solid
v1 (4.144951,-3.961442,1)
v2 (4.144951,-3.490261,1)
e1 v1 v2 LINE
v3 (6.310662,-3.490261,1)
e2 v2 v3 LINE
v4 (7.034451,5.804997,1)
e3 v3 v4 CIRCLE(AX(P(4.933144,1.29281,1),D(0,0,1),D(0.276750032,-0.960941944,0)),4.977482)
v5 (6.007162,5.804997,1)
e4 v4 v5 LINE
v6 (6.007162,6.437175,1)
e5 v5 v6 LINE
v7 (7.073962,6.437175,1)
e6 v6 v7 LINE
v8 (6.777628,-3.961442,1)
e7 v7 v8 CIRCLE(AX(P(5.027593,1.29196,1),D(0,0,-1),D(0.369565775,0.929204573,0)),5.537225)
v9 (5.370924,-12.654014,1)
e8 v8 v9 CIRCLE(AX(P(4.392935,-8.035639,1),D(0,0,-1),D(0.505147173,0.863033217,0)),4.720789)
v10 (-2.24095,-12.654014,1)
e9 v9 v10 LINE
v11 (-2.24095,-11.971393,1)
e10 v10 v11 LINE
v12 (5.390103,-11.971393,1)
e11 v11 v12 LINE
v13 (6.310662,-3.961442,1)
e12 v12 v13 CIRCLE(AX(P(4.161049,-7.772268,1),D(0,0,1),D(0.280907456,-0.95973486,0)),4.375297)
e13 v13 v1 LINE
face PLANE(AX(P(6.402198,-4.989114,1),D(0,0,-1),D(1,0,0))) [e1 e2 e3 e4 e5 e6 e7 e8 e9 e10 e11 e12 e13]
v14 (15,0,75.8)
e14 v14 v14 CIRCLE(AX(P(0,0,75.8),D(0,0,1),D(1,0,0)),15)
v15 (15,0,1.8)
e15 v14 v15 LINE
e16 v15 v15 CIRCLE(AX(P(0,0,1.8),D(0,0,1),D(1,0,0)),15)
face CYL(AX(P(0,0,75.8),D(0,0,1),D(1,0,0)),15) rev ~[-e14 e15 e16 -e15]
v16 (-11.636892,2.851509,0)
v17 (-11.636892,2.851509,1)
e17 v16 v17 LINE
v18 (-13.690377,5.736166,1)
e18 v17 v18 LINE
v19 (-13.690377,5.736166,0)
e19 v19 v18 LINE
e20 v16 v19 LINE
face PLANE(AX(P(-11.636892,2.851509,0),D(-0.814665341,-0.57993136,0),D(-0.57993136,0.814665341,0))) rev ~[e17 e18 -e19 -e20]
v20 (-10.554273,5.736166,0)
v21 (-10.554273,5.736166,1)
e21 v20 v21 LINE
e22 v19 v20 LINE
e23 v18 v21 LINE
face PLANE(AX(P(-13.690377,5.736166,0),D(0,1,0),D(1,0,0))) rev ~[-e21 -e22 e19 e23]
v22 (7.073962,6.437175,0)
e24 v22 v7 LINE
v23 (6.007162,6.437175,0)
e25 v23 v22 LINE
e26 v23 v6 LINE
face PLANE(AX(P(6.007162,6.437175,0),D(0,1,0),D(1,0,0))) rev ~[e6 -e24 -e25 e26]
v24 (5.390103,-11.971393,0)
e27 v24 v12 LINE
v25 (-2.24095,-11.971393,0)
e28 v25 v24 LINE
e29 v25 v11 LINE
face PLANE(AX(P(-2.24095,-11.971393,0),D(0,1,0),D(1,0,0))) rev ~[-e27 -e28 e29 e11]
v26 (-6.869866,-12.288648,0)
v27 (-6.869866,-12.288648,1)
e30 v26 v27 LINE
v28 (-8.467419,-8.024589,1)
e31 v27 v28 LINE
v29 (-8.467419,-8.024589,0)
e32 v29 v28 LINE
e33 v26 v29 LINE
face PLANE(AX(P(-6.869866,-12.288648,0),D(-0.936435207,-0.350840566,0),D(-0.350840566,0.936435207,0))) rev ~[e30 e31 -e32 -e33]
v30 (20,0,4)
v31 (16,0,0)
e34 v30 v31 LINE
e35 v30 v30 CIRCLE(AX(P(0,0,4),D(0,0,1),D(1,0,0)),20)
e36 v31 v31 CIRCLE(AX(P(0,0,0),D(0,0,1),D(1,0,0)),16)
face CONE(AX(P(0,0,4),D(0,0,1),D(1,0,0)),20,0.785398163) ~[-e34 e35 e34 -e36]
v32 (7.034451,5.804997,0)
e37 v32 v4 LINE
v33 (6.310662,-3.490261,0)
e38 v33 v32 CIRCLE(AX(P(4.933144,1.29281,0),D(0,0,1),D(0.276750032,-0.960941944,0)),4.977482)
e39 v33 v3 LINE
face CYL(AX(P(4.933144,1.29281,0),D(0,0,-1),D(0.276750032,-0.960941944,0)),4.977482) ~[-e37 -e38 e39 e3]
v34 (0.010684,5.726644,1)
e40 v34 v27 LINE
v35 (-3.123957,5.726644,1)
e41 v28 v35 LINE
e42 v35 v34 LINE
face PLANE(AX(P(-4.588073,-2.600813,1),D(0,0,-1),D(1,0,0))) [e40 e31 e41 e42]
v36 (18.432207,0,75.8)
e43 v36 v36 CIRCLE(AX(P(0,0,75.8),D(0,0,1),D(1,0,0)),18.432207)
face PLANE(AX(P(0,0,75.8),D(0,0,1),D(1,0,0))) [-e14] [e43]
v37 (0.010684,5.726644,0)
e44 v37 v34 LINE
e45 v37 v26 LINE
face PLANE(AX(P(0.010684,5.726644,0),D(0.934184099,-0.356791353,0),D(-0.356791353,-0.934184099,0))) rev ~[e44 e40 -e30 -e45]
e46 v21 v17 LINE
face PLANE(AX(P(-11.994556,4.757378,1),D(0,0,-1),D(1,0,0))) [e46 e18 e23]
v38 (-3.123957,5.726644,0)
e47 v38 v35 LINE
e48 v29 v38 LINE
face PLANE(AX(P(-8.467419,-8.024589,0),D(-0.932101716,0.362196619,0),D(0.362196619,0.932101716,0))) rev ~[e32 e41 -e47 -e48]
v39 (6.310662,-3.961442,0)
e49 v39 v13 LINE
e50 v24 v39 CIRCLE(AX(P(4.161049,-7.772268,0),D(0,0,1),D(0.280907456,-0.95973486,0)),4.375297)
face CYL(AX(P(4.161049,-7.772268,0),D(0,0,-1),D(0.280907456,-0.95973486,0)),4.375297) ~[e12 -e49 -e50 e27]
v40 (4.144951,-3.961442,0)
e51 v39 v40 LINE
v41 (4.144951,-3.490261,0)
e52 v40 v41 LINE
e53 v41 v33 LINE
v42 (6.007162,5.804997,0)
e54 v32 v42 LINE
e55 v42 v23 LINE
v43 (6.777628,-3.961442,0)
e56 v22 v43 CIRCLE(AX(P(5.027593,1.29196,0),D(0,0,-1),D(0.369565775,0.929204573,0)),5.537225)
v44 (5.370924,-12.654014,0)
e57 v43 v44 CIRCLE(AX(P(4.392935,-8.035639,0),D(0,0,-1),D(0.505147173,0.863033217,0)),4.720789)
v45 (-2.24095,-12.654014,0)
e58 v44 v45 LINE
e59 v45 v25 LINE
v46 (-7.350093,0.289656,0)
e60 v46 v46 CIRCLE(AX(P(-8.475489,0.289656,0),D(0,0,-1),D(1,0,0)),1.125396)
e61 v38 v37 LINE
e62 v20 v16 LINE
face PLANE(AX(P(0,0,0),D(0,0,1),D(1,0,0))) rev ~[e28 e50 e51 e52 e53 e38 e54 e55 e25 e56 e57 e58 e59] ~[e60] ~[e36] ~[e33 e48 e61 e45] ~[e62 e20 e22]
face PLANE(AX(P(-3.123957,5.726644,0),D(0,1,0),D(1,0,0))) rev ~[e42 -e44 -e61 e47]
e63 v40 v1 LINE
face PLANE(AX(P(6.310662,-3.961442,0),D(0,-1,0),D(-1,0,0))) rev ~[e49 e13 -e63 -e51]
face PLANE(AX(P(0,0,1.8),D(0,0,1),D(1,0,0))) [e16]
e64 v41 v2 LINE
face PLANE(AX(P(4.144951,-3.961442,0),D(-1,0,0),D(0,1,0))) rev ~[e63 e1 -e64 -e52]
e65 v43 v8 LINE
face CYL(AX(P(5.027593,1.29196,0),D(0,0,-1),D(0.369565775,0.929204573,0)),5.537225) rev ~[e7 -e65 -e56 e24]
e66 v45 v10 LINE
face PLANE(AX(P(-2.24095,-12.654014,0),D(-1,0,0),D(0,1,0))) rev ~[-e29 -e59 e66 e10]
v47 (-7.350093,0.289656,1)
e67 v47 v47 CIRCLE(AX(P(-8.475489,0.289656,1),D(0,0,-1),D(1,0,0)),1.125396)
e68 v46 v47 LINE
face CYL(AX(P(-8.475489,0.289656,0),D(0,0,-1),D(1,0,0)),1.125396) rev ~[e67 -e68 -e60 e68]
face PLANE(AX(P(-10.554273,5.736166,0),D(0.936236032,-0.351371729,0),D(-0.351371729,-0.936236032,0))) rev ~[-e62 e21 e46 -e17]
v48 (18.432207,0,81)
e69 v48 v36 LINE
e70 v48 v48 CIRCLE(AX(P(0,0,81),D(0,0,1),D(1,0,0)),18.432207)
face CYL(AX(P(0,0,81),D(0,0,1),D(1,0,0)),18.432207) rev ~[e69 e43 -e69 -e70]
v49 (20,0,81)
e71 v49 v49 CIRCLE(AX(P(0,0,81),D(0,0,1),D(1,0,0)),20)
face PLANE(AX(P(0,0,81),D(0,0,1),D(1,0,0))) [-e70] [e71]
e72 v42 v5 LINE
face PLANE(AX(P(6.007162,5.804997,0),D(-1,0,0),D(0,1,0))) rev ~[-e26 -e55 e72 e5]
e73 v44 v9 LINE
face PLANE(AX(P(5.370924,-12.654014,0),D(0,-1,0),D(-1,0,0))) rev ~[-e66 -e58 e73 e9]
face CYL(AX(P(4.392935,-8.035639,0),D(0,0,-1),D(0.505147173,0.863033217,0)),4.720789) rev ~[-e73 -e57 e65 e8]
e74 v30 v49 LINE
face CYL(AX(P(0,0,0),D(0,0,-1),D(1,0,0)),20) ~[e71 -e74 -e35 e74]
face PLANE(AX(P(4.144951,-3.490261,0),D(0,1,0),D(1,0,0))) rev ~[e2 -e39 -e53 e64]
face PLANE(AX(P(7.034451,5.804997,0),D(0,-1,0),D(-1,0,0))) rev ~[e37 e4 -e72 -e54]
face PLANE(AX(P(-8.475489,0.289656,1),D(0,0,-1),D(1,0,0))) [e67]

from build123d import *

# Parameters (mm, degrees)
F0_R      = 20
F1_DEPTH  = 81
F2_R      = 18.432207
F3_DEPTH  = 5.2
F4_R      = 15
F5_DEPTH  = 74
F6_SIZE   = 4
F7_R      = 1.125396
F8_DEPTH  = 1
F10_DEPTH = 1


with BuildPart() as f1:
    # F0 (on Top) → F1 (new body)
    with BuildSketch(Plane.XY):
        Circle(F0_R)
    extrude(amount=F1_DEPTH)

    # F2 (on face) → F3 (cut)
    with BuildSketch(Plane.XY.offset(81)):
        Circle(F2_R)
    extrude(amount=-F3_DEPTH, mode=Mode.SUBTRACT)

    # F4 (on face) → F5 (cut)
    with BuildSketch(Plane.XY.offset(75.8)):
        Circle(F4_R)
    extrude(amount=-F5_DEPTH, mode=Mode.SUBTRACT)

    # F6
    f6_edges = [f1.edges().sort_by_distance(p)[0] for p in [
        (-20, 0, 0),
    ]]
    chamfer(f6_edges, length=F6_SIZE)

    # F7 (on face) → F8 (cut)
    with BuildSketch(Plane(origin=(0, 0, 0), x_dir=(1, 0, 0), z_dir=(0, 0, -1))):
        Polygon((-6.869866, 12.288648), (-8.467419, 8.024589), (-3.123957, -5.726644), (0.010684, -5.726644), align=None)
        with Locations((-8.475489, -0.289656)):
            Circle(F7_R)
        Polygon((-11.636892, -2.851509), (-13.690377, -5.736166), (-10.554273, -5.736166), align=None)
    extrude(amount=-F8_DEPTH, mode=Mode.SUBTRACT)

    # F9 (on face) → F10 (cut)
    with BuildSketch(Plane(origin=(0, 0, 0), x_dir=(1, 0, 0), z_dir=(0, 0, -1))):
        with BuildLine():
            Line((5.370924, 12.654014), (-2.24095, 12.654014))
            Line((-2.24095, 12.654014), (-2.24095, 11.971393))
            Line((-2.24095, 11.971393), (5.390103, 11.971393))
            ThreePointArc((5.390103, 11.971393), (8.507735, 8.271818), (6.310662, 3.961442))
            Line((6.310662, 3.961442), (4.144951, 3.961442))
            Line((4.144951, 3.961442), (4.144951, 3.490261))
            Line((4.144951, 3.490261), (6.310662, 3.490261))
            ThreePointArc((6.310662, 3.490261), (9.895604, -0.9064), (7.034451, -5.804997))
            Line((7.034451, -5.804997), (6.007162, -5.804997))
            Line((6.007162, -5.804997), (6.007162, -6.437175))
            Line((6.007162, -6.437175), (7.073962, -6.437175))
            ThreePointArc((7.073962, -6.437175), (10.562571, -1.134228), (6.777628, 3.961442))
            ThreePointArc((6.777628, 3.961442), (9.053097, 8.789785), (5.370924, 12.654014))
        make_face()
    extrude(amount=-F10_DEPTH, mode=Mode.SUBTRACT)


solid = f1.part
